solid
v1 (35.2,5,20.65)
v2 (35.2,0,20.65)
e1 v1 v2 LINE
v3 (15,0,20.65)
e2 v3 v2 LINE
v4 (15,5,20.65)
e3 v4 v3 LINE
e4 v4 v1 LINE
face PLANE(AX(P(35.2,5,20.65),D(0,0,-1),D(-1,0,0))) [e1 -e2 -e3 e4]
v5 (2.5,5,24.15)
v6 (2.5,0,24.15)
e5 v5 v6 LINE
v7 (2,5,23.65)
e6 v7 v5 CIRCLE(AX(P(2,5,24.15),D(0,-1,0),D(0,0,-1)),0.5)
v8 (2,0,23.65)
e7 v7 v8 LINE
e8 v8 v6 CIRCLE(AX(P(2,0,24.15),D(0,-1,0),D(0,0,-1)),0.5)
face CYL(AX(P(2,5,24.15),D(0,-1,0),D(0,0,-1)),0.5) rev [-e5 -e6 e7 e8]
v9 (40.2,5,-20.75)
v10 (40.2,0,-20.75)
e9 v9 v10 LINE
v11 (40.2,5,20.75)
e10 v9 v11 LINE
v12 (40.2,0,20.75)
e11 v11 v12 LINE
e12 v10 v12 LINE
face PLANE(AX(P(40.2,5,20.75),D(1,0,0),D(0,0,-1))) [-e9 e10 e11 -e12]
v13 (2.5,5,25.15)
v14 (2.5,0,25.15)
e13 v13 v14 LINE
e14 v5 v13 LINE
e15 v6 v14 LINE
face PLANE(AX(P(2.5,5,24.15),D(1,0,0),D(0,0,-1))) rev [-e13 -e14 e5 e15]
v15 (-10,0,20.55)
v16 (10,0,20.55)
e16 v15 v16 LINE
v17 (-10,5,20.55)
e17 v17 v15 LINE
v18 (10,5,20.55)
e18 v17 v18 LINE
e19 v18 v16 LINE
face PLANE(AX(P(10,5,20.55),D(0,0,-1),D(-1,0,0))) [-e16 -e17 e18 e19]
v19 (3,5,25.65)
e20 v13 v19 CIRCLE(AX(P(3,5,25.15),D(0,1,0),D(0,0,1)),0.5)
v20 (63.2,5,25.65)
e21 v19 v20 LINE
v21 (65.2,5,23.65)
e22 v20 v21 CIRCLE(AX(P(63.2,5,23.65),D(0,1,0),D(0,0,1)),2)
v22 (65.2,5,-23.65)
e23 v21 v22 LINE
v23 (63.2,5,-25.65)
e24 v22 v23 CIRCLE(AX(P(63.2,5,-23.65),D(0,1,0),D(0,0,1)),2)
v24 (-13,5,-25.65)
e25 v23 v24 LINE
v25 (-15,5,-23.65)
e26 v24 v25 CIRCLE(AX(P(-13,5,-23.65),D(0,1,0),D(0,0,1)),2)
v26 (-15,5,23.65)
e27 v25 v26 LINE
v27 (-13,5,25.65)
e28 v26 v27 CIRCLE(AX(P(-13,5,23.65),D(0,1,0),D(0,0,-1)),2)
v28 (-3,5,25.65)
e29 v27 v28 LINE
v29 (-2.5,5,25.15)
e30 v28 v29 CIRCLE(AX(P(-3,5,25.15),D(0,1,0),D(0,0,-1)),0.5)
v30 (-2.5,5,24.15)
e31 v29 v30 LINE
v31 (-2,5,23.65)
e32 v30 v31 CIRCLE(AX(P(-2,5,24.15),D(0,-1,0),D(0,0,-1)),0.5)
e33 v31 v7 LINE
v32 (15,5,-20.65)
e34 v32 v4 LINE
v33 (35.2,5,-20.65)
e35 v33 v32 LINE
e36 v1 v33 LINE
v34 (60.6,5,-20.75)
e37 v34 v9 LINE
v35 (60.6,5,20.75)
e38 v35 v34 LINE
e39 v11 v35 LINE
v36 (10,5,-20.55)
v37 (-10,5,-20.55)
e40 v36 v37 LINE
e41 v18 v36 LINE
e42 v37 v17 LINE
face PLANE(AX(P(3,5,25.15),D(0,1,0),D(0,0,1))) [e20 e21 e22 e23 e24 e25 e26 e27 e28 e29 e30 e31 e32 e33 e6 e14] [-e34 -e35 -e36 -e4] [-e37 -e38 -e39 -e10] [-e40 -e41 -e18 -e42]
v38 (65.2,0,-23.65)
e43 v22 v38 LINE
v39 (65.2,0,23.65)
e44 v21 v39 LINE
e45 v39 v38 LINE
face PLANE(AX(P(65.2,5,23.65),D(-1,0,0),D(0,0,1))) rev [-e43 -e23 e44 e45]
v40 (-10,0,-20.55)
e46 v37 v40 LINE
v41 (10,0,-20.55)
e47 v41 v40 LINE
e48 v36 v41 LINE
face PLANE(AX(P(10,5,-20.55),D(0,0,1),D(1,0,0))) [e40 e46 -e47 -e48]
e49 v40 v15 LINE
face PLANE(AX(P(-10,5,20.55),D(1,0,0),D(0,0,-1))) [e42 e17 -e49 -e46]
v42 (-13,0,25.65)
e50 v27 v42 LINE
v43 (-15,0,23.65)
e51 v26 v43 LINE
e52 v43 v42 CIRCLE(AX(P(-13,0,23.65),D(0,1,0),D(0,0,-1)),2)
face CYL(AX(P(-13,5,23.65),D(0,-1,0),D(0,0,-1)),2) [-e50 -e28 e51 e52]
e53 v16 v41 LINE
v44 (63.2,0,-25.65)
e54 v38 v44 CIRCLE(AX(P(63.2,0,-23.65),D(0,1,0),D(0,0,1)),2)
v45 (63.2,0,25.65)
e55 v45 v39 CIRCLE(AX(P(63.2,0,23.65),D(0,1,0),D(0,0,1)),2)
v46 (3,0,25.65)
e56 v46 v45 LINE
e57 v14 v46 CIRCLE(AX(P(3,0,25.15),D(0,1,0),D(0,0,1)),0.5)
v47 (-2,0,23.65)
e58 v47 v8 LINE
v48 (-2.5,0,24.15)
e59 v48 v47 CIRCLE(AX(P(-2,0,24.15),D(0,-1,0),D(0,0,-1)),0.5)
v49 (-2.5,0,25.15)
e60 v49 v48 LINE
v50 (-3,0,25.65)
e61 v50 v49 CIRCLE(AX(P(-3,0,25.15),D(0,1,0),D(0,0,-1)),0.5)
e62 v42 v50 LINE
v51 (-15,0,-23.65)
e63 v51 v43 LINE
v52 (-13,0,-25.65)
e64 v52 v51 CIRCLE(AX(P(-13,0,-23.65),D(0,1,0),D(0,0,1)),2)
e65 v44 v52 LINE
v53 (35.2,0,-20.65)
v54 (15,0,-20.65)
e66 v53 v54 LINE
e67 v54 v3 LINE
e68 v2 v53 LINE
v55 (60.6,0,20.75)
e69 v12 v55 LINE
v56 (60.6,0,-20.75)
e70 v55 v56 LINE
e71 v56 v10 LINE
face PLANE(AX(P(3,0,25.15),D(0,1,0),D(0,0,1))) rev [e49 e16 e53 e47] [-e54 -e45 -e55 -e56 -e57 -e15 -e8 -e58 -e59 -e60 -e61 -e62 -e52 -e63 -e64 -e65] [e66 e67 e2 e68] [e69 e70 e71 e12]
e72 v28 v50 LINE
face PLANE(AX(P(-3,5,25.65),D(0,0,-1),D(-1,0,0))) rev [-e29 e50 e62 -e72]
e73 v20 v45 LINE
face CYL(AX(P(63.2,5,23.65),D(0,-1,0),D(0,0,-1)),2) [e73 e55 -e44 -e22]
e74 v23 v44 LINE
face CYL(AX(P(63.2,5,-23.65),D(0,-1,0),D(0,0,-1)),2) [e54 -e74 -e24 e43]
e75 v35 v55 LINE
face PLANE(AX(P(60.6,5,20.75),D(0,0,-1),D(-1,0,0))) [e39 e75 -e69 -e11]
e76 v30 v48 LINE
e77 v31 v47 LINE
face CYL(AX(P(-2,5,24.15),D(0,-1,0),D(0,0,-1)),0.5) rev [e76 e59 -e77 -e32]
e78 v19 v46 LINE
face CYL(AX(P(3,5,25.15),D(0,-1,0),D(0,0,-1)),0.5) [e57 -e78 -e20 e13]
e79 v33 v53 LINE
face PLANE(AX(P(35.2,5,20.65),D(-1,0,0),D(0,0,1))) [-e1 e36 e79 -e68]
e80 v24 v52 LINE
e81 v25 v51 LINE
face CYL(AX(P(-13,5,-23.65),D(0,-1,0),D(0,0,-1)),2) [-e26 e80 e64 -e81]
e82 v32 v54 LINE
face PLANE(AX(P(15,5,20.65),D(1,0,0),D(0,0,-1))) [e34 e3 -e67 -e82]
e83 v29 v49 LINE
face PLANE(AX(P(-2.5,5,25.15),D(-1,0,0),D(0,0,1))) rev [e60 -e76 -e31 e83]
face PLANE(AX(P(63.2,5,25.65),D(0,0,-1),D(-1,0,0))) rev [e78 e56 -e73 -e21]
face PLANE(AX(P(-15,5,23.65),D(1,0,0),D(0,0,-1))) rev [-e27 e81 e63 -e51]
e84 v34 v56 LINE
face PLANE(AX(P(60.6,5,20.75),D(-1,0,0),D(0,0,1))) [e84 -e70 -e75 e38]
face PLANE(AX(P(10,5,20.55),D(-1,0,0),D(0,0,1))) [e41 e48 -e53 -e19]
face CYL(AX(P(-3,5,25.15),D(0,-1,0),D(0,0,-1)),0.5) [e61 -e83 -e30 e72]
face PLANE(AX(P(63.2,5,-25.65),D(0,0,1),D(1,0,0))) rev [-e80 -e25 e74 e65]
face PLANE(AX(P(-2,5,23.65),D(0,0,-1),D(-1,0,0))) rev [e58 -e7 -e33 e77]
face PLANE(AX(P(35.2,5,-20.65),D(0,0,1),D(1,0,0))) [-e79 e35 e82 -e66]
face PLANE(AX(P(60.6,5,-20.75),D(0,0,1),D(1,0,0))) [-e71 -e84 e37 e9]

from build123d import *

# Parameters (mm, degrees)
SKETCH1_W           = 20
SKETCH1_H           = 41.1
SKETCH1_W_2         = 20.2
SKETCH1_H_2         = 41.3
SKETCH1_W_3         = 20.4
SKETCH1_H_3         = 41.5
BOSS_EXTRUDE1_DEPTH = 5


with BuildPart() as part:
    # Sketch1 → Boss-Extrude1 (new body)
    with BuildSketch(Plane(origin=(0, 0, 0), x_dir=(1, 0, 0), z_dir=(0, 1, 0))):
        with BuildLine():
            Line((-2.5, -25.15), (-2.5, -24.15))
            ThreePointArc((-2.5, -24.15), (-2.353553391, -23.796446609), (-2, -23.65))
            Line((-2, -23.65), (2, -23.65))
            ThreePointArc((2, -23.65), (2.353553391, -23.796446609), (2.5, -24.15))
            Line((2.5, -24.15), (2.5, -25.15))
            ThreePointArc((2.5, -25.15), (2.646446609, -25.503553391), (3, -25.65))
            Line((3, -25.65), (63.2, -25.65))
            ThreePointArc((63.2, -25.65), (64.614213562, -25.064213562), (65.2, -23.65))
            Line((65.2, -23.65), (65.2, 23.65))
            ThreePointArc((65.2, 23.65), (64.614213562, 25.064213562), (63.2, 25.65))
            Line((63.2, 25.65), (-13, 25.65))
            ThreePointArc((-13, 25.65), (-14.414213562, 25.064213562), (-15, 23.65))
            Line((-15, 23.65), (-15, -23.65))
            ThreePointArc((-15, -23.65), (-14.414213562, -25.064213562), (-13, -25.65))
            Line((-13, -25.65), (-3, -25.65))
            ThreePointArc((-3, -25.65), (-2.646446609, -25.503553391), (-2.5, -25.15))
        make_face()
        Rectangle(SKETCH1_W, SKETCH1_H, mode=Mode.SUBTRACT)
        with Locations((25.1, 0)):
            Rectangle(SKETCH1_W_2, SKETCH1_H_2, mode=Mode.SUBTRACT)
        with Locations((50.4, 0)):
            Rectangle(SKETCH1_W_3, SKETCH1_H_3, mode=Mode.SUBTRACT)
    extrude(amount=BOSS_EXTRUDE1_DEPTH)


solid = part.part
